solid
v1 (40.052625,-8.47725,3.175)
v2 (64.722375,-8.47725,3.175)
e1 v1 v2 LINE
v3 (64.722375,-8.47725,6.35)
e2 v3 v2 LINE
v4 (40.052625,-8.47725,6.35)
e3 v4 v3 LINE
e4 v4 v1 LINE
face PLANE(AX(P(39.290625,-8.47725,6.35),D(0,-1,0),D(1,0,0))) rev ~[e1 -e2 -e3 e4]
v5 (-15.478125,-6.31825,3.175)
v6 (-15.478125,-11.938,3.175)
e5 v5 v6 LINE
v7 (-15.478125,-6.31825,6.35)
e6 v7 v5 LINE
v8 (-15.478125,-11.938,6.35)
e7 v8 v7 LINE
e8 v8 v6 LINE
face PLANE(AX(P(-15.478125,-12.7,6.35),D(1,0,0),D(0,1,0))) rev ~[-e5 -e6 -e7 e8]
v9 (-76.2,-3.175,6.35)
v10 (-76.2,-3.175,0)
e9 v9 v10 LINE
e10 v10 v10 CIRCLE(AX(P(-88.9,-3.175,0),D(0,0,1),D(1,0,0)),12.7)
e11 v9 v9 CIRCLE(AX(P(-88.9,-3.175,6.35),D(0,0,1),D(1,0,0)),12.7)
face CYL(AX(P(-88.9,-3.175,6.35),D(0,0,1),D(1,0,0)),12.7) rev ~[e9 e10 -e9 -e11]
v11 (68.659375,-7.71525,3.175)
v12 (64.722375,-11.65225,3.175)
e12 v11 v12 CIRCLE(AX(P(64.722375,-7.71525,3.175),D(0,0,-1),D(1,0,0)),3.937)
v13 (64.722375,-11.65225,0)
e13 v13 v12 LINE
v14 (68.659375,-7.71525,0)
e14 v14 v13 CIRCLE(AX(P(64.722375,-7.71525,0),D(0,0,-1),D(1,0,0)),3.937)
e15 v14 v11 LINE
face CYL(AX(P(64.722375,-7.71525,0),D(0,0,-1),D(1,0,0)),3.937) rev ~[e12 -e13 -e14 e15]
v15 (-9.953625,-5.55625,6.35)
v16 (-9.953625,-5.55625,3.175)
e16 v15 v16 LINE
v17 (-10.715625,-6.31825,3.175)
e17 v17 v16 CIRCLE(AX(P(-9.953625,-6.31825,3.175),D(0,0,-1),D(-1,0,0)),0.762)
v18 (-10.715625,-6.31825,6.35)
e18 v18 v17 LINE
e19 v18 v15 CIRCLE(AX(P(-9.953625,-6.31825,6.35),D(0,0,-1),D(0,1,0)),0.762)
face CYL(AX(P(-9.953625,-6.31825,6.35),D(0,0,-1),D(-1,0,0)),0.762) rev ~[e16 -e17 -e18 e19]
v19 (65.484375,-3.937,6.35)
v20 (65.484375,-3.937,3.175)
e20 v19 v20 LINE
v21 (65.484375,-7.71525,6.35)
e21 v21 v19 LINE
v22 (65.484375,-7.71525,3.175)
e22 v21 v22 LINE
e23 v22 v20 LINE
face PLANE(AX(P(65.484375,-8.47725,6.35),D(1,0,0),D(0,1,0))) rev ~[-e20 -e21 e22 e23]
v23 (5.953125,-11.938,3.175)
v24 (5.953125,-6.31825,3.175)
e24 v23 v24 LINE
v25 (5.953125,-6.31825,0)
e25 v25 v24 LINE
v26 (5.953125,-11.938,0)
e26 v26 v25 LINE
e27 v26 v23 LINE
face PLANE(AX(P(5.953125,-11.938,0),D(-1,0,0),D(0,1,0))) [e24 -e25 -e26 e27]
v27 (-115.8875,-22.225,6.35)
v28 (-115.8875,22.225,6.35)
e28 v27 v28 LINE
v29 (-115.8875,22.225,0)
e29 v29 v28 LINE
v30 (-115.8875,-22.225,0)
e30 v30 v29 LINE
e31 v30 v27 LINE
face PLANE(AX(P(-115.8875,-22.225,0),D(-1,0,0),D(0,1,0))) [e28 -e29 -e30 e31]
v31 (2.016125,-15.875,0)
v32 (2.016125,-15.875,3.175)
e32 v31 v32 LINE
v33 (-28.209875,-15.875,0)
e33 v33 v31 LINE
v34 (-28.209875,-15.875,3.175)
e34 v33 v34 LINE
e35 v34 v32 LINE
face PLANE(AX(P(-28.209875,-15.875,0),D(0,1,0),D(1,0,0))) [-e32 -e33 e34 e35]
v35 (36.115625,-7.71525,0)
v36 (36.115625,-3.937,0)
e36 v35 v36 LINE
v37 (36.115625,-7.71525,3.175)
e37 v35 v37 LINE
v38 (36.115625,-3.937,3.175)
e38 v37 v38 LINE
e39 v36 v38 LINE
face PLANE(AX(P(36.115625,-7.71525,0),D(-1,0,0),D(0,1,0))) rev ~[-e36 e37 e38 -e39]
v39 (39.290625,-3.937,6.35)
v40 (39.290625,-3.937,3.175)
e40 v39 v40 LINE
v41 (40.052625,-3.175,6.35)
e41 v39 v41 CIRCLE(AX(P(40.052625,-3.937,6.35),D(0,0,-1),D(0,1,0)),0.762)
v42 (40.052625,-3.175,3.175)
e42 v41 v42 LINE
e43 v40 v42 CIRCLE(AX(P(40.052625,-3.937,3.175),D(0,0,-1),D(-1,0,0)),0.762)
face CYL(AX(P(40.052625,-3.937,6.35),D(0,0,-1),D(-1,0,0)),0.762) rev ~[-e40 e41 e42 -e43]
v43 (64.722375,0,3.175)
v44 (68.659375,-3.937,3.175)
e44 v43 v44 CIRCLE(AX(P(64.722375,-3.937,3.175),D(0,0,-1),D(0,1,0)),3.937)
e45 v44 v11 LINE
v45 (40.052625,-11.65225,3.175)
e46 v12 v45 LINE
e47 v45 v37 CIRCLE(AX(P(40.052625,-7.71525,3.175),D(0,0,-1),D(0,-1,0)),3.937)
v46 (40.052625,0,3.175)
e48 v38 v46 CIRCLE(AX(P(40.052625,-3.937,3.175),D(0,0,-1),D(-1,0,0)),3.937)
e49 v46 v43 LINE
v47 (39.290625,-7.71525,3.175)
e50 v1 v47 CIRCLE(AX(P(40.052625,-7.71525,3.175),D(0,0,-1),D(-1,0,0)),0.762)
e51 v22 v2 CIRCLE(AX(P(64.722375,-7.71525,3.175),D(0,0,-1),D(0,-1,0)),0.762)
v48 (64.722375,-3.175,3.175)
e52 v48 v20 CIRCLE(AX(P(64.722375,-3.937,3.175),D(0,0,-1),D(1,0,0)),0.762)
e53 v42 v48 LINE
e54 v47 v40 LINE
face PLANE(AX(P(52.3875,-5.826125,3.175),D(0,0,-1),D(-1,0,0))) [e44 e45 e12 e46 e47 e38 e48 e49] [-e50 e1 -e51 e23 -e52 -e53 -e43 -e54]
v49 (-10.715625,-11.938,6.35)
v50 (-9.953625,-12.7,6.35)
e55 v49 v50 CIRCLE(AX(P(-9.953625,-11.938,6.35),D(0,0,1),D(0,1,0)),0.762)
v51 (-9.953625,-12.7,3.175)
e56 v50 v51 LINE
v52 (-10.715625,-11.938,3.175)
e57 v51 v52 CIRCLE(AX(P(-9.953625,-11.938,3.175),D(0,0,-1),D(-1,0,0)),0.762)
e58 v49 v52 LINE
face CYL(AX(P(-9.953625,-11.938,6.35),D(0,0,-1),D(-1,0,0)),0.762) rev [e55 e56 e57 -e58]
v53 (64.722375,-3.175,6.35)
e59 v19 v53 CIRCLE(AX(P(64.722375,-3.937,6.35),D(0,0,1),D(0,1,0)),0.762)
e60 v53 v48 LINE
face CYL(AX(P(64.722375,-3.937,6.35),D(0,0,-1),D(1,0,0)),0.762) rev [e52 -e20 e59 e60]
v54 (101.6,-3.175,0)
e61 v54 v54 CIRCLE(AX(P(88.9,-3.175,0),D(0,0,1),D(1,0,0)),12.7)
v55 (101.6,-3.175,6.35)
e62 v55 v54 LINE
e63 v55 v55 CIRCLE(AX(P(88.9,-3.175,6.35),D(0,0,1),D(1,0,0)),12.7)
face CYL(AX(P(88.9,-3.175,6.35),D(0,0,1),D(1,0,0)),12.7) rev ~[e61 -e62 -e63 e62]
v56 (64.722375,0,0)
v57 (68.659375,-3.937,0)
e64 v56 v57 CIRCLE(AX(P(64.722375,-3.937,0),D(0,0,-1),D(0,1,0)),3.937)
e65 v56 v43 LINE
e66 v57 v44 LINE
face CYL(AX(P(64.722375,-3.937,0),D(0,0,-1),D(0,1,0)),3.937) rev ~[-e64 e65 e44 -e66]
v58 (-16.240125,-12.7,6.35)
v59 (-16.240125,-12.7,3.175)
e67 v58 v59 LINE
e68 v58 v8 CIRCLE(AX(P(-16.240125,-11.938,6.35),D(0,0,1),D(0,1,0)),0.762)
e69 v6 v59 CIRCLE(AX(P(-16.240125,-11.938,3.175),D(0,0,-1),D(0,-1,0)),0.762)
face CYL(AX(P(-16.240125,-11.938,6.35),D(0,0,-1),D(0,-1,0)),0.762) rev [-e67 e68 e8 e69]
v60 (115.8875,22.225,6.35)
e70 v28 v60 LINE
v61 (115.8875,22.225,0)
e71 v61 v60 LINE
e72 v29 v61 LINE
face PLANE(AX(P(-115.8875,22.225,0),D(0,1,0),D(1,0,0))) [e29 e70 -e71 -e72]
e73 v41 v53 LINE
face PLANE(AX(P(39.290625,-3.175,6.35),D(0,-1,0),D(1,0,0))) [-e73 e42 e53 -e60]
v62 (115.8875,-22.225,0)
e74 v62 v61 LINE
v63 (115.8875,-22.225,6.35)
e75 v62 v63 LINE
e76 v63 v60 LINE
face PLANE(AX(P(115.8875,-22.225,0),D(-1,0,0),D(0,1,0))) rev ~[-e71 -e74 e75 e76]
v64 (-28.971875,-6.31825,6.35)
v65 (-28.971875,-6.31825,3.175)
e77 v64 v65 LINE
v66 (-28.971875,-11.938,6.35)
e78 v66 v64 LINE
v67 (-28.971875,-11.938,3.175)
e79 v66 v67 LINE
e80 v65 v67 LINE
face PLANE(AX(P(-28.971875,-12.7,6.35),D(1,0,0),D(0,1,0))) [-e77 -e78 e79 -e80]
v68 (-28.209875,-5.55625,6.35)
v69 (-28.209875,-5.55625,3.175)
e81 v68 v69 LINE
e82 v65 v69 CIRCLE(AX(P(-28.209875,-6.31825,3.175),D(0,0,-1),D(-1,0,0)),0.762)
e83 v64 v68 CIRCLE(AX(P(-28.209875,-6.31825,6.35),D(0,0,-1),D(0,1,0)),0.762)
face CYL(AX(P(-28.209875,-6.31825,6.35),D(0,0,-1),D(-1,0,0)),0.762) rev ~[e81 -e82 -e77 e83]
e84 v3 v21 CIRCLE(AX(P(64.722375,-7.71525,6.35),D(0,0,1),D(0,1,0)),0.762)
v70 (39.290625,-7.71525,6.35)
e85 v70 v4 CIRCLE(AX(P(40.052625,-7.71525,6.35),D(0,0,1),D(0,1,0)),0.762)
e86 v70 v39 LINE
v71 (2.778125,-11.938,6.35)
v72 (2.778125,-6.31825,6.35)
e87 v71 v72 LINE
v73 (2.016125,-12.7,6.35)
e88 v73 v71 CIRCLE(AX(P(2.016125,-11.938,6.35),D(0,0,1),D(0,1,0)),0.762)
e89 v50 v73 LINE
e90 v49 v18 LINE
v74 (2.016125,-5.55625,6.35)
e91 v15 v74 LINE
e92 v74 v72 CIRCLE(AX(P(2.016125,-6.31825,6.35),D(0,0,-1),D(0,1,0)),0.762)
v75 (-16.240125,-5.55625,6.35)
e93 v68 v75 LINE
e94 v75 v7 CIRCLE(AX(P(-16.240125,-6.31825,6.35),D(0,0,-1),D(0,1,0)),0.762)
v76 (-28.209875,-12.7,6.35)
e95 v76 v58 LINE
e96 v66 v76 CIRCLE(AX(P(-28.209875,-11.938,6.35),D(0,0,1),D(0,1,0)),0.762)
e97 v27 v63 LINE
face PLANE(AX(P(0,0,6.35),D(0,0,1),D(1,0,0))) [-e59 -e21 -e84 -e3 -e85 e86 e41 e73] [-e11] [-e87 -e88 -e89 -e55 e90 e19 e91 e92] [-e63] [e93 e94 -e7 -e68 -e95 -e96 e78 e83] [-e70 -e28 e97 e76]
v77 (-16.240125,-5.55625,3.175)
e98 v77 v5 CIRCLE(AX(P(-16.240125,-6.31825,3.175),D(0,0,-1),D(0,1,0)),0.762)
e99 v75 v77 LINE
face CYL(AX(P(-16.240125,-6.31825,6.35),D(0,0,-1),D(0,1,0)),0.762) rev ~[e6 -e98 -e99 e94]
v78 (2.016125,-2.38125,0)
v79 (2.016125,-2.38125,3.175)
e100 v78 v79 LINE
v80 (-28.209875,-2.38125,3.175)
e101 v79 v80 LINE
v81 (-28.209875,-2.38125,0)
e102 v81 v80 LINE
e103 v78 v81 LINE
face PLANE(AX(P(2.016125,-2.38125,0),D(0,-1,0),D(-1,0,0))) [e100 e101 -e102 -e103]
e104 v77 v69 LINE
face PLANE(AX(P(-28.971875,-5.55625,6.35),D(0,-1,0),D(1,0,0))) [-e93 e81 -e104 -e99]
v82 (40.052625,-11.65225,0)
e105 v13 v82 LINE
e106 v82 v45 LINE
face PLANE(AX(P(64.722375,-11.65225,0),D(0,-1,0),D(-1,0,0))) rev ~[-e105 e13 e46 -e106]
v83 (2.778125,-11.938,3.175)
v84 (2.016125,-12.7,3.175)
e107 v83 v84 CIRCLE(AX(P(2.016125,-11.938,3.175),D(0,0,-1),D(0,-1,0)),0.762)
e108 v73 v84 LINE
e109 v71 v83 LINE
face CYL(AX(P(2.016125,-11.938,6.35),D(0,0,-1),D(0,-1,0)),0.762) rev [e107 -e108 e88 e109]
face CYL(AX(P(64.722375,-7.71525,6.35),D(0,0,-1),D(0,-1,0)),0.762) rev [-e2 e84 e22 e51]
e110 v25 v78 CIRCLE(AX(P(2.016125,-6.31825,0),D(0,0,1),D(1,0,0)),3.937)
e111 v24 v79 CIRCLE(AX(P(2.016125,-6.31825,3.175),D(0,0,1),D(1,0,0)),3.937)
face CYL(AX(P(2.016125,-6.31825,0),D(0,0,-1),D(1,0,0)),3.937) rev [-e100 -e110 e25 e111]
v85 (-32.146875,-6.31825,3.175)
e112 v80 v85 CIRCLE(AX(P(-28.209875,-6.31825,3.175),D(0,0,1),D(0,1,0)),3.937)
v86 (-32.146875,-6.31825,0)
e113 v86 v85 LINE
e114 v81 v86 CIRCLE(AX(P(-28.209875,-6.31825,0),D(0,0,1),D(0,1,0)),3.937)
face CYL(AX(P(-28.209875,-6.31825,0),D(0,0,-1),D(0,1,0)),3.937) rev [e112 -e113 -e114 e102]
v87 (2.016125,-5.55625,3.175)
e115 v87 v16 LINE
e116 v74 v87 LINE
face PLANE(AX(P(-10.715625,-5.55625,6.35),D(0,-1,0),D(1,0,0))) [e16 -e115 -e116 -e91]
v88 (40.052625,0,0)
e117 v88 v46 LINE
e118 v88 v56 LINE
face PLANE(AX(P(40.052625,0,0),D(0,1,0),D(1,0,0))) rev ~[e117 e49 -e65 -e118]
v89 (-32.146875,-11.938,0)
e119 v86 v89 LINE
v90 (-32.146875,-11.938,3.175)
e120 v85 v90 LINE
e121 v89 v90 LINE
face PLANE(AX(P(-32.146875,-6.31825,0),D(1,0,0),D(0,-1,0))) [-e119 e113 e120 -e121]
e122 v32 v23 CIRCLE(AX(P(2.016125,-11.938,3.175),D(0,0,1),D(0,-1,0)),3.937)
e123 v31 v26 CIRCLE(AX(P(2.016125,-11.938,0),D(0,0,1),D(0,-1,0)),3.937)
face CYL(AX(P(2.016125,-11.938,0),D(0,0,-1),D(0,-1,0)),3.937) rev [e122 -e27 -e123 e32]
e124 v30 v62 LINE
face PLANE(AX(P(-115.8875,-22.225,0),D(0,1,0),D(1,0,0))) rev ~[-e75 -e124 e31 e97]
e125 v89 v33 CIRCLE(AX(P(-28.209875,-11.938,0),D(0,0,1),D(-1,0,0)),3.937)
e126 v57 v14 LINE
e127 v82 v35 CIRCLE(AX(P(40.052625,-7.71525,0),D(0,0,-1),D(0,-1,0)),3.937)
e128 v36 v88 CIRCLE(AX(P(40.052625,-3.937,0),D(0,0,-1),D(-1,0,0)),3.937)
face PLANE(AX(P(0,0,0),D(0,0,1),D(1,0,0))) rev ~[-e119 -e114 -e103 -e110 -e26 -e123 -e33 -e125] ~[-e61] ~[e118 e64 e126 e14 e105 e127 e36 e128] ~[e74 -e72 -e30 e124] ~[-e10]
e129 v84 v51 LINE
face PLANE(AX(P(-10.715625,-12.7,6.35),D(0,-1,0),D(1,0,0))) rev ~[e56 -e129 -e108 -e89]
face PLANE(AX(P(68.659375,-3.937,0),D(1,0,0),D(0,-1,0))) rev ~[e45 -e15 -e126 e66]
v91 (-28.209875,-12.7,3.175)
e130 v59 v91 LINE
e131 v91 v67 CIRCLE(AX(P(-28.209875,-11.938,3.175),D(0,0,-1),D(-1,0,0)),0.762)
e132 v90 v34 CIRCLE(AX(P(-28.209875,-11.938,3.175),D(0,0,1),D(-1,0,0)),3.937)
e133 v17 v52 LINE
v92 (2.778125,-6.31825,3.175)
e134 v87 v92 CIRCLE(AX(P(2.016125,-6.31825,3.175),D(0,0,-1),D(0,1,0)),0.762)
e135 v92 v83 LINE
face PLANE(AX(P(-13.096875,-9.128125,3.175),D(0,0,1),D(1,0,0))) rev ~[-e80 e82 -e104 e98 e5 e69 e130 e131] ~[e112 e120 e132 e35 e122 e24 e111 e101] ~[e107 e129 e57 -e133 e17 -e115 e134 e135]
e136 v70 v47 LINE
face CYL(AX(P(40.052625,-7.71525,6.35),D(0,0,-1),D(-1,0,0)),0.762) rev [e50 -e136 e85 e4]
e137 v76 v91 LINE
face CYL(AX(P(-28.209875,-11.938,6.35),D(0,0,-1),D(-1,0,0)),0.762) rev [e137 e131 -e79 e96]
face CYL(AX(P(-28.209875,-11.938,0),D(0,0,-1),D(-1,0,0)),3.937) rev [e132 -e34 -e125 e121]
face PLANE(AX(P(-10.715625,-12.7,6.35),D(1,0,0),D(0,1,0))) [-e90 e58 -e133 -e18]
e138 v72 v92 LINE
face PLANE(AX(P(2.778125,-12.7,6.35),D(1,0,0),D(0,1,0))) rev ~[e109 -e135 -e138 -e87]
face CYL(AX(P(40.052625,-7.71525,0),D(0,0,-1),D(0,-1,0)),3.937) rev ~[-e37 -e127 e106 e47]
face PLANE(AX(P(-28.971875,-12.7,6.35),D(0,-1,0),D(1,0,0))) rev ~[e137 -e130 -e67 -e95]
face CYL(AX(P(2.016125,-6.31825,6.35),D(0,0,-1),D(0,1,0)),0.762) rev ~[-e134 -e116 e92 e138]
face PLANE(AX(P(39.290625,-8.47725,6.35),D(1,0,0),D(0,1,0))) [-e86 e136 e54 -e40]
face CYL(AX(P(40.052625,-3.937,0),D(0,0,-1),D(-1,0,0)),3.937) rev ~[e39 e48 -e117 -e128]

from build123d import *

# Parameters (mm, degrees)
SKETCH1_W           = 231.775
SKETCH1_H           = 44.45
BOSS_EXTRUDE1_DEPTH = 6.35
CUT_EXTRUDE1_REACH  = 120.17
SKETCH2_R           = 12.7
SKETCH2_W           = 13.49375
SKETCH2_H           = 7.14375
SKETCH2_W_2         = 26.19375
SKETCH2_H_2         = 5.30225
FILLET1_R           = 0.762
CUT_EXTRUDE2_DEPTH  = 3.175
CUT_EXTRUDE3_DEPTH  = 3.175


with BuildPart() as part:
    # Sketch1 → Boss-Extrude1 (new body)
    with BuildSketch(Plane.XY):
        Rectangle(SKETCH1_W, SKETCH1_H)
    extrude(amount=BOSS_EXTRUDE1_DEPTH)

    # Sketch2 → Cut-Extrude1 (cut, up to next)
    with BuildSketch(Plane.XY.offset(6.35), mode=Mode.PRIVATE) as cut_extrude1_sk1:
        with Locations((88.9, -3.175)):
            Circle(SKETCH2_R)
    cut_extrude1_tool1 = extrude(cut_extrude1_sk1.sketch, amount=-CUT_EXTRUDE1_REACH, mode=Mode.PRIVATE) & part.part
    # Sketch2 → Cut-Extrude1 (cut, up to next)
    with BuildSketch(Plane.XY.offset(6.35), mode=Mode.PRIVATE) as cut_extrude1_sk2:
        with Locations((-88.9, -3.175)):
            Circle(SKETCH2_R)
    cut_extrude1_tool2 = extrude(cut_extrude1_sk2.sketch, amount=-CUT_EXTRUDE1_REACH, mode=Mode.PRIVATE) & part.part
    # Sketch2 → Cut-Extrude1 (cut, up to next)
    with BuildSketch(Plane.XY.offset(6.35), mode=Mode.PRIVATE) as cut_extrude1_sk3:
        with Locations((-22.225, -9.128125)):
            Rectangle(SKETCH2_W, SKETCH2_H)
    cut_extrude1_tool3 = extrude(cut_extrude1_sk3.sketch, amount=-CUT_EXTRUDE1_REACH, mode=Mode.PRIVATE) & part.part
    # Sketch2 → Cut-Extrude1 (cut, up to next)
    with BuildSketch(Plane.XY.offset(6.35), mode=Mode.PRIVATE) as cut_extrude1_sk4:
        with Locations((-3.96875, -9.128125)):
            Rectangle(SKETCH2_W, SKETCH2_H)
    cut_extrude1_tool4 = extrude(cut_extrude1_sk4.sketch, amount=-CUT_EXTRUDE1_REACH, mode=Mode.PRIVATE) & part.part
    # Sketch2 → Cut-Extrude1 (cut, up to next)
    with BuildSketch(Plane.XY.offset(6.35), mode=Mode.PRIVATE) as cut_extrude1_sk5:
        with Locations((52.3875, -5.826125)):
            Rectangle(SKETCH2_W_2, SKETCH2_H_2)
    cut_extrude1_tool5 = extrude(cut_extrude1_sk5.sketch, amount=-CUT_EXTRUDE1_REACH, mode=Mode.PRIVATE) & part.part
    add(cut_extrude1_tool1.solids().sort_by_distance((88.9, -3.175, 6.35))[0], mode=Mode.SUBTRACT)
    add(cut_extrude1_tool2.solids().sort_by_distance((-88.9, -3.175, 6.35))[0], mode=Mode.SUBTRACT)
    add(cut_extrude1_tool3.solids().sort_by_distance((-22.225, -9.128125, 6.35))[0], mode=Mode.SUBTRACT)
    add(cut_extrude1_tool4.solids().sort_by_distance((-3.96875, -9.128125, 6.35))[0], mode=Mode.SUBTRACT)
    add(cut_extrude1_tool5.solids().sort_by_distance((52.3875, -5.826125, 6.35))[0], mode=Mode.SUBTRACT)

    # Fillet1
    fillet1_edges = [part.edges().sort_by_distance(p)[0] for p in [
        (-28.971875, -5.55625, 3.175),
        (-15.478125, -5.55625, 3.175),
        (-15.478125, -12.7, 3.175),
        (-28.971875, -12.7, 3.175),
        (-10.715625, -12.7, 3.175),
        (-10.715625, -5.55625, 3.175),
        (2.778125, -5.55625, 3.175),
        (2.778125, -12.7, 3.175),
        (39.290625, -8.47725, 3.175),
        (39.290625, -3.175, 3.175),
        (65.484375, -3.175, 3.175),
        (65.484375, -8.47725, 3.175),
    ]]
    fillet(fillet1_edges, radius=FILLET1_R)

    # Sketch3 → Cut-Extrude2 (cut)
    with BuildSketch(Plane(origin=(0, 0, 0), x_dir=(-1, 0, 0), z_dir=(0, 0, -1))):
        with BuildLine():
            Line((-64.722375, -11.65225), (-40.052625, -11.65225))
            ThreePointArc((-40.052625, -11.65225), (-37.268745602, -10.499129398), (-36.115625, -7.71525))
            Line((-36.115625, -7.71525), (-36.115625, -3.937))
            ThreePointArc((-36.115625, -3.937), (-37.268745602, -1.153120602), (-40.052625, 0))
            Line((-40.052625, 0), (-64.722375, 0))
            ThreePointArc((-64.722375, 0), (-67.506254398, -1.153120602), (-68.659375, -3.937))
            Line((-68.659375, -3.937), (-68.659375, -7.71525))
            ThreePointArc((-68.659375, -7.71525), (-67.506254398, -10.499129398), (-64.722375, -11.65225))
        make_face()
    extrude(amount=-CUT_EXTRUDE2_DEPTH, mode=Mode.SUBTRACT)

    # Sketch4 → Cut-Extrude3 (cut)
    with BuildSketch(Plane(origin=(0, 0, 0), x_dir=(-1, 0, 0), z_dir=(0, 0, -1))):
        with BuildLine():
            Line((28.209875, -15.875), (-2.016125, -15.875))
            ThreePointArc((-2.016125, -15.875), (-4.800004398, -14.721879398), (-5.953125, -11.938))
            Line((-5.953125, -11.938), (-5.953125, -6.31825))
            ThreePointArc((-5.953125, -6.31825), (-4.800004398, -3.534370602), (-2.016125, -2.38125))
            Line((-2.016125, -2.38125), (28.209875, -2.38125))
            ThreePointArc((28.209875, -2.38125), (30.993754398, -3.534370602), (32.146875, -6.31825))
            Line((32.146875, -6.31825), (32.146875, -11.938))
            ThreePointArc((32.146875, -11.938), (30.993754398, -14.721879398), (28.209875, -15.875))
        make_face()
    extrude(amount=-CUT_EXTRUDE3_DEPTH, mode=Mode.SUBTRACT)


solid = part.part
